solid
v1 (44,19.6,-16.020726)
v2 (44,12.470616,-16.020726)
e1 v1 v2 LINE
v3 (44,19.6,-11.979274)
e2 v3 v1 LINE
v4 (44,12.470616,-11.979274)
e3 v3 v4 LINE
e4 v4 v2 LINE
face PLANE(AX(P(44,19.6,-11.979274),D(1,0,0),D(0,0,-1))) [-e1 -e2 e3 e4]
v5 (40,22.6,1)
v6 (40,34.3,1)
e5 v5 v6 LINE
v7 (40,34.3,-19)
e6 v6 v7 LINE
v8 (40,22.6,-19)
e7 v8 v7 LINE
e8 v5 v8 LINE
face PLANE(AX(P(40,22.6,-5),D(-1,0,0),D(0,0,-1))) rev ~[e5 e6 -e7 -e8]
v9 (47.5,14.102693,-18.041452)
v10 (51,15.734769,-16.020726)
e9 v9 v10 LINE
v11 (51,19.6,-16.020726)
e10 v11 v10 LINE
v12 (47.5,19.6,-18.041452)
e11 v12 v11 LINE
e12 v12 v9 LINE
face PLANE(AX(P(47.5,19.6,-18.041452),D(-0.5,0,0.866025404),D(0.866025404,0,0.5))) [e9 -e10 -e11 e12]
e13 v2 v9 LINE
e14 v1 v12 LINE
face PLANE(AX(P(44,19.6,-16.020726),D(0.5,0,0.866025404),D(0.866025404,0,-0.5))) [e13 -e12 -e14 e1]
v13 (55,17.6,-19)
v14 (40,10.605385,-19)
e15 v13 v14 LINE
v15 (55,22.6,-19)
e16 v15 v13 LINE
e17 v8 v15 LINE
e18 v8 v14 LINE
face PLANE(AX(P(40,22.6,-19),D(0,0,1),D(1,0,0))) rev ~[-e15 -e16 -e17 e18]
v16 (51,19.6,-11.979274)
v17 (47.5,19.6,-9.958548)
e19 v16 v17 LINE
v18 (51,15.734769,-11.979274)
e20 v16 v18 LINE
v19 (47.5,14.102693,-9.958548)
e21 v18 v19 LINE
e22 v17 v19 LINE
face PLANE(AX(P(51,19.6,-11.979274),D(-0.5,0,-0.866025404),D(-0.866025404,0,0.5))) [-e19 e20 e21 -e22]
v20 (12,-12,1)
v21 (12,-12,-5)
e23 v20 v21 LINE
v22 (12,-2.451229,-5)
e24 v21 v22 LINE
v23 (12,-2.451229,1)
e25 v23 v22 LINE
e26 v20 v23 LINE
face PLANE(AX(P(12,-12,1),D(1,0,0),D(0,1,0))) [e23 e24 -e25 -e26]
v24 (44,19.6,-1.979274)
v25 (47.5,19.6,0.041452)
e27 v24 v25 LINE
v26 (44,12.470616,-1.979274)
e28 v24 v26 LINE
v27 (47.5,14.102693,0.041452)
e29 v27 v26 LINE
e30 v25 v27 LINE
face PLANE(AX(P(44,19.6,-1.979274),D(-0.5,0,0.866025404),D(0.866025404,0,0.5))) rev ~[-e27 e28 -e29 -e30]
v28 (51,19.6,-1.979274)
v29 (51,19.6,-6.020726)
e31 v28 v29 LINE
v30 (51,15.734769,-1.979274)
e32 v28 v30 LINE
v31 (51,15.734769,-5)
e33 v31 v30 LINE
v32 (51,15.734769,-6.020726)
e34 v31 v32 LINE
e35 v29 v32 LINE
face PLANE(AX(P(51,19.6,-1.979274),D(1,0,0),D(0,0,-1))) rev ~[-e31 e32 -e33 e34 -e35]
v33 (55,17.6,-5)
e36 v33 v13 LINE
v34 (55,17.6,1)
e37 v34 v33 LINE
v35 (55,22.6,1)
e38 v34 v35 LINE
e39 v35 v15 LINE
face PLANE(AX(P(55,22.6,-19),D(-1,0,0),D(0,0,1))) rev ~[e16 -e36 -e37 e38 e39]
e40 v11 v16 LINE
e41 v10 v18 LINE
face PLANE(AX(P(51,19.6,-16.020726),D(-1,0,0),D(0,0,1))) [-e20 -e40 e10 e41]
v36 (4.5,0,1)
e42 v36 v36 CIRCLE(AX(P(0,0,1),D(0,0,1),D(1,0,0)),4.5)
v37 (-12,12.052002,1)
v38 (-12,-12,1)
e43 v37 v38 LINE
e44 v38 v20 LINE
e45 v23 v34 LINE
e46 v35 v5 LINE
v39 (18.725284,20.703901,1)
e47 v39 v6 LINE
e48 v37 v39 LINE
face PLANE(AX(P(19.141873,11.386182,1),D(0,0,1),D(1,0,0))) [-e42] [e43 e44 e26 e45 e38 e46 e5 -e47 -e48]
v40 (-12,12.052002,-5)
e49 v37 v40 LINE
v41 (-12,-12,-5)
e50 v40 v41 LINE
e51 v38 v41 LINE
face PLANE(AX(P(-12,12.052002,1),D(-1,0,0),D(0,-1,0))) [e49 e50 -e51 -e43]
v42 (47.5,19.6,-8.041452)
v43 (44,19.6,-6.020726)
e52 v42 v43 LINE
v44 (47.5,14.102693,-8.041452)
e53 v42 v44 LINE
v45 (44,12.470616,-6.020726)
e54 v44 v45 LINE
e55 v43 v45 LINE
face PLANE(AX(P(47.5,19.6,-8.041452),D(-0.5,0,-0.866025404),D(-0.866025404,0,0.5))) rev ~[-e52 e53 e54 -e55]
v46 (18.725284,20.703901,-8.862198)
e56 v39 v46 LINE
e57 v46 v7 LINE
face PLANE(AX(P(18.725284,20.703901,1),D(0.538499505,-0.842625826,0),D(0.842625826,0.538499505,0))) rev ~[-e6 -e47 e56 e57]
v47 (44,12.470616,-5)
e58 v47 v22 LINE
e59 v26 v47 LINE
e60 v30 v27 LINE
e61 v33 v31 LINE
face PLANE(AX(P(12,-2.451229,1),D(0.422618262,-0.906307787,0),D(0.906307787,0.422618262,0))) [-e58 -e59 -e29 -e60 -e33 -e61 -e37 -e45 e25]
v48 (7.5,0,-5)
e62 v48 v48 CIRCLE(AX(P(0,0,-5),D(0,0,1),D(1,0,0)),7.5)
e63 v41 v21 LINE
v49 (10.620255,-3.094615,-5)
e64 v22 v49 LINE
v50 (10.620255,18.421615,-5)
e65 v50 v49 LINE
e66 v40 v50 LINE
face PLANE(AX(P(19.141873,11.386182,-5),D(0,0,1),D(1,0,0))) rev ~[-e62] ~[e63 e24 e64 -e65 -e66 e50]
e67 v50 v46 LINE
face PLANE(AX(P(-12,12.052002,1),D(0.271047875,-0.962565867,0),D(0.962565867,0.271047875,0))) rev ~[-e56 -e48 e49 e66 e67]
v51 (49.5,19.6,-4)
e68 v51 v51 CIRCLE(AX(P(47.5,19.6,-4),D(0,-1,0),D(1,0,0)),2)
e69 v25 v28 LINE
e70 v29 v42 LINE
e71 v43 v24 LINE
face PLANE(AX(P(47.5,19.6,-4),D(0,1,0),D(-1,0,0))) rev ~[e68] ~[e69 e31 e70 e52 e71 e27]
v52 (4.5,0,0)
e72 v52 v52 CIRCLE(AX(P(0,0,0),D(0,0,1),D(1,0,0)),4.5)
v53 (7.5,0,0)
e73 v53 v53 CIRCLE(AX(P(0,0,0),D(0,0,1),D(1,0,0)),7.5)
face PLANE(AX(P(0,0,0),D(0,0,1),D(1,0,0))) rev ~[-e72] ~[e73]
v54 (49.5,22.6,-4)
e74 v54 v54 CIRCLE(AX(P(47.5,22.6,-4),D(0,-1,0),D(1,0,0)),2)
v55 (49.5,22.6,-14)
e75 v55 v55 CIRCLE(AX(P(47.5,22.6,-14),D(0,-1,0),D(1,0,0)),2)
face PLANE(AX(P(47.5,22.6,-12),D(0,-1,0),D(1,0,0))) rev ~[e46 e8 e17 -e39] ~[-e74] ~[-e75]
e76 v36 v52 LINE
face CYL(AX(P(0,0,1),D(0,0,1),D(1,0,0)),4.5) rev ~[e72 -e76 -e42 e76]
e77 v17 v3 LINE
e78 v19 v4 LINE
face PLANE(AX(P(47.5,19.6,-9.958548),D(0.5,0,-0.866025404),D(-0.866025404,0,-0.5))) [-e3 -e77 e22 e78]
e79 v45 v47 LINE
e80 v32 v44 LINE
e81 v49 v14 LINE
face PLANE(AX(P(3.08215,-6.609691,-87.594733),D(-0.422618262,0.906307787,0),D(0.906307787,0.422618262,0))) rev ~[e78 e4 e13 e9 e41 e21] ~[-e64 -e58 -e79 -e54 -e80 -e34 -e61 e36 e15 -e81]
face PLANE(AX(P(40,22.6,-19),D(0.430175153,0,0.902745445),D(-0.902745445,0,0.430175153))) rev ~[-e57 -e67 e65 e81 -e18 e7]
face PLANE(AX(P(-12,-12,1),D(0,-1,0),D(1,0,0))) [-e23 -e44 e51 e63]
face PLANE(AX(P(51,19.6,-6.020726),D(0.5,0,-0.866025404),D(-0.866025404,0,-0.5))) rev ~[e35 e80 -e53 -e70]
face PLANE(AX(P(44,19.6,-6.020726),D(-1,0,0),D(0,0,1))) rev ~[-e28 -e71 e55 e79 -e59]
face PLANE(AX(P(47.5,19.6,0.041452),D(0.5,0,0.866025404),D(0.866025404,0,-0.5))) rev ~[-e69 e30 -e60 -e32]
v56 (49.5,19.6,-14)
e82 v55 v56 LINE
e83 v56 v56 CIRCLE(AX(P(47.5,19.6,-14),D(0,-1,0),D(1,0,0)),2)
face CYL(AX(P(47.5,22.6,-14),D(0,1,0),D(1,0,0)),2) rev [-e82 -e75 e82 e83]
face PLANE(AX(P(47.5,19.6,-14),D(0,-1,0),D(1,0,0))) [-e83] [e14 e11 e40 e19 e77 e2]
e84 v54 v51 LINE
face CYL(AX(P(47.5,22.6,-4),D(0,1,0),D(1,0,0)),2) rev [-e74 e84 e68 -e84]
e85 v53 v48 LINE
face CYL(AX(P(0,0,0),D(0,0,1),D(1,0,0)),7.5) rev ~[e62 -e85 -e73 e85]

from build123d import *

# Parameters (mm, degrees)
SKETCH1_R           = 10
SKETCH1_R_2         = 7.5
BOSS_EXTRUDE1_DEPTH = 5
BOSS_EXTRUDE2_START = 1
SKETCH1_3_R         = 10
SKETCH1_3_R_2       = 7.5
SKETCH1_3_R_3       = 4.5
BOSS_EXTRUDE2_DEPTH = 1
SKETCH2_R           = 10
BOSS_EXTRUDE3_DEPTH = 6
BOSS_EXTRUDE7_REACH = 67.17
SKETCH3_W           = 15
SKETCH3_H           = 14
SKETCH4_R           = 2
CUT_EXTRUDE4_DEPTH  = 68.699039875
CUT_EXTRUDE5_START  = 3
SKETCH4_3_R         = 2
CUT_EXTRUDE5_DEPTH  = 65.699039875
BOSS_EXTRUDE8_REACH = 69.699
CUT_EXTRUDE6_DEPTH  = 69.867191027


with BuildPart() as part:
    # Sketch1 → Boss-Extrude1 (new body)
    with BuildSketch(Plane.XY):
        Circle(SKETCH1_R)
        Circle(SKETCH1_R_2, mode=Mode.SUBTRACT)
    extrude(amount=-BOSS_EXTRUDE1_DEPTH)

    # Sketch1<3> → Boss-Extrude2 (add)
    # profile 1 of 2: a face of its own
    with BuildSketch(Plane.XY.offset(BOSS_EXTRUDE2_START)):
        Circle(SKETCH1_3_R)
        Circle(SKETCH1_3_R_2, mode=Mode.SUBTRACT)
    # profile 2 of 2: a face of its own
    with BuildSketch(Plane.XY.offset(BOSS_EXTRUDE2_START)):
        Circle(SKETCH1_3_R_2)
        Circle(SKETCH1_3_R_3, mode=Mode.SUBTRACT)
    extrude(amount=-BOSS_EXTRUDE2_DEPTH)

    # Sketch2 → Boss-Extrude3 (add)
    with BuildSketch(Plane.XY.offset(1)):
        Polygon((55, 17.6), (55, 22.6), (40, 22.6), (40, 36.3), (-12, 12.052001776), (-12, -12), (12, -12), (12, -2.451229301), align=None)
        Circle(SKETCH2_R, mode=Mode.SUBTRACT)
    extrude(amount=-BOSS_EXTRUDE3_DEPTH)

    # Boss-Extrude7: up to this plane
    boss_extrude7_end = Plane(origin=(3.082149634, -6.609691221, -87.594733488), z_dir=(-0.42261826174069755, 0.9063077870366509, 0))
    # Sketch3 → Boss-Extrude7 (add, up to the surface)
    with BuildSketch(Plane.XZ.offset(-22.6), mode=Mode.PRIVATE) as boss_extrude7_sk1:
        Polygon((40, -5), (40, -19), (10.620255189, -5), align=None)
    boss_extrude7_tool1 = split(extrude(boss_extrude7_sk1.sketch, amount=BOSS_EXTRUDE7_REACH, mode=Mode.PRIVATE), bisect_by=boss_extrude7_end, keep=Keep.BOTH, mode=Mode.PRIVATE)
    add(boss_extrude7_tool1.solids().sort_by_distance((30.206752, 22.6, -9.666667))[0])
    # Sketch3 → Boss-Extrude7 (add, up to the surface)
    with BuildSketch(Plane.XZ.offset(-22.6), mode=Mode.PRIVATE) as boss_extrude7_sk2:
        with Locations((47.5, -12)):
            Rectangle(SKETCH3_W, SKETCH3_H)
    boss_extrude7_tool2 = split(extrude(boss_extrude7_sk2.sketch, amount=BOSS_EXTRUDE7_REACH, mode=Mode.PRIVATE), bisect_by=boss_extrude7_end, keep=Keep.BOTH, mode=Mode.PRIVATE)
    add(boss_extrude7_tool2.solids().sort_by_distance((47.5, 22.6, -12))[0])

    # Sketch4 → Cut-Extrude4 (cut, through all)
    with BuildSketch(Plane.XZ.offset(-22.6)):
        with Locations((47.5, -14)):
            Circle(SKETCH4_R)
        with Locations((47.5, -4)):
            Circle(SKETCH4_R)
    extrude(amount=CUT_EXTRUDE4_DEPTH, mode=Mode.SUBTRACT)

    # Sketch4<3> → Cut-Extrude5 (cut, through all)
    # profile 1 of 2: a face of its own
    with BuildSketch(Plane.XZ.offset(-22.6).offset(CUT_EXTRUDE5_START)):
        Polygon((47.5, -8.041451884), (44, -6.020725942), (44, -1.979274058), (47.5, 0.041451884), (51, -1.979274058), (51, -6.020725942), align=None)
        with Locations(Location((47.5, -4, 0), (0, 0, 90))):
            Circle(SKETCH4_3_R, mode=Mode.SUBTRACT)
    # profile 2 of 2: a face of its own
    with BuildSketch(Plane.XZ.offset(-22.6).offset(CUT_EXTRUDE5_START)):
        Polygon((51, -16.020725942), (51, -11.979274058), (47.5, -9.958548116), (44, -11.979274058), (44, -16.020725942), (47.5, -18.041451884), align=None)
        with Locations(Location((47.5, -14, 0), (0, 0, 90))):
            Circle(SKETCH4_3_R, mode=Mode.SUBTRACT)
    extrude(amount=CUT_EXTRUDE5_DEPTH, mode=Mode.SUBTRACT)

    # Boss-Extrude8: up to this face of the body (flat: up to its plane)
    boss_extrude8_end = Plane(part.part.faces().sort_by_distance((14, 24.176000888, -2))[0])
    # Sketch3<4> → Boss-Extrude8 (add, up to the picked face)
    with BuildSketch(Plane.XZ.offset(-22.6), mode=Mode.PRIVATE) as boss_extrude8_sk1:
        Polygon((40, -5), (40, -19), (10.620255189, -5), align=None)
    boss_extrude8_tool1 = split(extrude(boss_extrude8_sk1.sketch, amount=-BOSS_EXTRUDE8_REACH, mode=Mode.PRIVATE), bisect_by=boss_extrude8_end, keep=Keep.BOTH, mode=Mode.PRIVATE)
    add(boss_extrude8_tool1.solids().sort_by(Axis((30.206752, 22.6, -9.666667), (0, 1, 0)))[0])

    # Sketch6 → Cut-Extrude6 (cut, through all)
    with BuildSketch(Plane.XY.offset(1)):
        Polygon((-12, 12.052001776), (18.725283831, 20.703901024), (15.930931538, 25.076409051), align=None)
        Polygon((15.930931538, 25.076409051), (18.725283831, 20.703901024), (40, 34.3), (40, 36.3), align=None)
    extrude(amount=-CUT_EXTRUDE6_DEPTH, mode=Mode.SUBTRACT)


solid = part.part
